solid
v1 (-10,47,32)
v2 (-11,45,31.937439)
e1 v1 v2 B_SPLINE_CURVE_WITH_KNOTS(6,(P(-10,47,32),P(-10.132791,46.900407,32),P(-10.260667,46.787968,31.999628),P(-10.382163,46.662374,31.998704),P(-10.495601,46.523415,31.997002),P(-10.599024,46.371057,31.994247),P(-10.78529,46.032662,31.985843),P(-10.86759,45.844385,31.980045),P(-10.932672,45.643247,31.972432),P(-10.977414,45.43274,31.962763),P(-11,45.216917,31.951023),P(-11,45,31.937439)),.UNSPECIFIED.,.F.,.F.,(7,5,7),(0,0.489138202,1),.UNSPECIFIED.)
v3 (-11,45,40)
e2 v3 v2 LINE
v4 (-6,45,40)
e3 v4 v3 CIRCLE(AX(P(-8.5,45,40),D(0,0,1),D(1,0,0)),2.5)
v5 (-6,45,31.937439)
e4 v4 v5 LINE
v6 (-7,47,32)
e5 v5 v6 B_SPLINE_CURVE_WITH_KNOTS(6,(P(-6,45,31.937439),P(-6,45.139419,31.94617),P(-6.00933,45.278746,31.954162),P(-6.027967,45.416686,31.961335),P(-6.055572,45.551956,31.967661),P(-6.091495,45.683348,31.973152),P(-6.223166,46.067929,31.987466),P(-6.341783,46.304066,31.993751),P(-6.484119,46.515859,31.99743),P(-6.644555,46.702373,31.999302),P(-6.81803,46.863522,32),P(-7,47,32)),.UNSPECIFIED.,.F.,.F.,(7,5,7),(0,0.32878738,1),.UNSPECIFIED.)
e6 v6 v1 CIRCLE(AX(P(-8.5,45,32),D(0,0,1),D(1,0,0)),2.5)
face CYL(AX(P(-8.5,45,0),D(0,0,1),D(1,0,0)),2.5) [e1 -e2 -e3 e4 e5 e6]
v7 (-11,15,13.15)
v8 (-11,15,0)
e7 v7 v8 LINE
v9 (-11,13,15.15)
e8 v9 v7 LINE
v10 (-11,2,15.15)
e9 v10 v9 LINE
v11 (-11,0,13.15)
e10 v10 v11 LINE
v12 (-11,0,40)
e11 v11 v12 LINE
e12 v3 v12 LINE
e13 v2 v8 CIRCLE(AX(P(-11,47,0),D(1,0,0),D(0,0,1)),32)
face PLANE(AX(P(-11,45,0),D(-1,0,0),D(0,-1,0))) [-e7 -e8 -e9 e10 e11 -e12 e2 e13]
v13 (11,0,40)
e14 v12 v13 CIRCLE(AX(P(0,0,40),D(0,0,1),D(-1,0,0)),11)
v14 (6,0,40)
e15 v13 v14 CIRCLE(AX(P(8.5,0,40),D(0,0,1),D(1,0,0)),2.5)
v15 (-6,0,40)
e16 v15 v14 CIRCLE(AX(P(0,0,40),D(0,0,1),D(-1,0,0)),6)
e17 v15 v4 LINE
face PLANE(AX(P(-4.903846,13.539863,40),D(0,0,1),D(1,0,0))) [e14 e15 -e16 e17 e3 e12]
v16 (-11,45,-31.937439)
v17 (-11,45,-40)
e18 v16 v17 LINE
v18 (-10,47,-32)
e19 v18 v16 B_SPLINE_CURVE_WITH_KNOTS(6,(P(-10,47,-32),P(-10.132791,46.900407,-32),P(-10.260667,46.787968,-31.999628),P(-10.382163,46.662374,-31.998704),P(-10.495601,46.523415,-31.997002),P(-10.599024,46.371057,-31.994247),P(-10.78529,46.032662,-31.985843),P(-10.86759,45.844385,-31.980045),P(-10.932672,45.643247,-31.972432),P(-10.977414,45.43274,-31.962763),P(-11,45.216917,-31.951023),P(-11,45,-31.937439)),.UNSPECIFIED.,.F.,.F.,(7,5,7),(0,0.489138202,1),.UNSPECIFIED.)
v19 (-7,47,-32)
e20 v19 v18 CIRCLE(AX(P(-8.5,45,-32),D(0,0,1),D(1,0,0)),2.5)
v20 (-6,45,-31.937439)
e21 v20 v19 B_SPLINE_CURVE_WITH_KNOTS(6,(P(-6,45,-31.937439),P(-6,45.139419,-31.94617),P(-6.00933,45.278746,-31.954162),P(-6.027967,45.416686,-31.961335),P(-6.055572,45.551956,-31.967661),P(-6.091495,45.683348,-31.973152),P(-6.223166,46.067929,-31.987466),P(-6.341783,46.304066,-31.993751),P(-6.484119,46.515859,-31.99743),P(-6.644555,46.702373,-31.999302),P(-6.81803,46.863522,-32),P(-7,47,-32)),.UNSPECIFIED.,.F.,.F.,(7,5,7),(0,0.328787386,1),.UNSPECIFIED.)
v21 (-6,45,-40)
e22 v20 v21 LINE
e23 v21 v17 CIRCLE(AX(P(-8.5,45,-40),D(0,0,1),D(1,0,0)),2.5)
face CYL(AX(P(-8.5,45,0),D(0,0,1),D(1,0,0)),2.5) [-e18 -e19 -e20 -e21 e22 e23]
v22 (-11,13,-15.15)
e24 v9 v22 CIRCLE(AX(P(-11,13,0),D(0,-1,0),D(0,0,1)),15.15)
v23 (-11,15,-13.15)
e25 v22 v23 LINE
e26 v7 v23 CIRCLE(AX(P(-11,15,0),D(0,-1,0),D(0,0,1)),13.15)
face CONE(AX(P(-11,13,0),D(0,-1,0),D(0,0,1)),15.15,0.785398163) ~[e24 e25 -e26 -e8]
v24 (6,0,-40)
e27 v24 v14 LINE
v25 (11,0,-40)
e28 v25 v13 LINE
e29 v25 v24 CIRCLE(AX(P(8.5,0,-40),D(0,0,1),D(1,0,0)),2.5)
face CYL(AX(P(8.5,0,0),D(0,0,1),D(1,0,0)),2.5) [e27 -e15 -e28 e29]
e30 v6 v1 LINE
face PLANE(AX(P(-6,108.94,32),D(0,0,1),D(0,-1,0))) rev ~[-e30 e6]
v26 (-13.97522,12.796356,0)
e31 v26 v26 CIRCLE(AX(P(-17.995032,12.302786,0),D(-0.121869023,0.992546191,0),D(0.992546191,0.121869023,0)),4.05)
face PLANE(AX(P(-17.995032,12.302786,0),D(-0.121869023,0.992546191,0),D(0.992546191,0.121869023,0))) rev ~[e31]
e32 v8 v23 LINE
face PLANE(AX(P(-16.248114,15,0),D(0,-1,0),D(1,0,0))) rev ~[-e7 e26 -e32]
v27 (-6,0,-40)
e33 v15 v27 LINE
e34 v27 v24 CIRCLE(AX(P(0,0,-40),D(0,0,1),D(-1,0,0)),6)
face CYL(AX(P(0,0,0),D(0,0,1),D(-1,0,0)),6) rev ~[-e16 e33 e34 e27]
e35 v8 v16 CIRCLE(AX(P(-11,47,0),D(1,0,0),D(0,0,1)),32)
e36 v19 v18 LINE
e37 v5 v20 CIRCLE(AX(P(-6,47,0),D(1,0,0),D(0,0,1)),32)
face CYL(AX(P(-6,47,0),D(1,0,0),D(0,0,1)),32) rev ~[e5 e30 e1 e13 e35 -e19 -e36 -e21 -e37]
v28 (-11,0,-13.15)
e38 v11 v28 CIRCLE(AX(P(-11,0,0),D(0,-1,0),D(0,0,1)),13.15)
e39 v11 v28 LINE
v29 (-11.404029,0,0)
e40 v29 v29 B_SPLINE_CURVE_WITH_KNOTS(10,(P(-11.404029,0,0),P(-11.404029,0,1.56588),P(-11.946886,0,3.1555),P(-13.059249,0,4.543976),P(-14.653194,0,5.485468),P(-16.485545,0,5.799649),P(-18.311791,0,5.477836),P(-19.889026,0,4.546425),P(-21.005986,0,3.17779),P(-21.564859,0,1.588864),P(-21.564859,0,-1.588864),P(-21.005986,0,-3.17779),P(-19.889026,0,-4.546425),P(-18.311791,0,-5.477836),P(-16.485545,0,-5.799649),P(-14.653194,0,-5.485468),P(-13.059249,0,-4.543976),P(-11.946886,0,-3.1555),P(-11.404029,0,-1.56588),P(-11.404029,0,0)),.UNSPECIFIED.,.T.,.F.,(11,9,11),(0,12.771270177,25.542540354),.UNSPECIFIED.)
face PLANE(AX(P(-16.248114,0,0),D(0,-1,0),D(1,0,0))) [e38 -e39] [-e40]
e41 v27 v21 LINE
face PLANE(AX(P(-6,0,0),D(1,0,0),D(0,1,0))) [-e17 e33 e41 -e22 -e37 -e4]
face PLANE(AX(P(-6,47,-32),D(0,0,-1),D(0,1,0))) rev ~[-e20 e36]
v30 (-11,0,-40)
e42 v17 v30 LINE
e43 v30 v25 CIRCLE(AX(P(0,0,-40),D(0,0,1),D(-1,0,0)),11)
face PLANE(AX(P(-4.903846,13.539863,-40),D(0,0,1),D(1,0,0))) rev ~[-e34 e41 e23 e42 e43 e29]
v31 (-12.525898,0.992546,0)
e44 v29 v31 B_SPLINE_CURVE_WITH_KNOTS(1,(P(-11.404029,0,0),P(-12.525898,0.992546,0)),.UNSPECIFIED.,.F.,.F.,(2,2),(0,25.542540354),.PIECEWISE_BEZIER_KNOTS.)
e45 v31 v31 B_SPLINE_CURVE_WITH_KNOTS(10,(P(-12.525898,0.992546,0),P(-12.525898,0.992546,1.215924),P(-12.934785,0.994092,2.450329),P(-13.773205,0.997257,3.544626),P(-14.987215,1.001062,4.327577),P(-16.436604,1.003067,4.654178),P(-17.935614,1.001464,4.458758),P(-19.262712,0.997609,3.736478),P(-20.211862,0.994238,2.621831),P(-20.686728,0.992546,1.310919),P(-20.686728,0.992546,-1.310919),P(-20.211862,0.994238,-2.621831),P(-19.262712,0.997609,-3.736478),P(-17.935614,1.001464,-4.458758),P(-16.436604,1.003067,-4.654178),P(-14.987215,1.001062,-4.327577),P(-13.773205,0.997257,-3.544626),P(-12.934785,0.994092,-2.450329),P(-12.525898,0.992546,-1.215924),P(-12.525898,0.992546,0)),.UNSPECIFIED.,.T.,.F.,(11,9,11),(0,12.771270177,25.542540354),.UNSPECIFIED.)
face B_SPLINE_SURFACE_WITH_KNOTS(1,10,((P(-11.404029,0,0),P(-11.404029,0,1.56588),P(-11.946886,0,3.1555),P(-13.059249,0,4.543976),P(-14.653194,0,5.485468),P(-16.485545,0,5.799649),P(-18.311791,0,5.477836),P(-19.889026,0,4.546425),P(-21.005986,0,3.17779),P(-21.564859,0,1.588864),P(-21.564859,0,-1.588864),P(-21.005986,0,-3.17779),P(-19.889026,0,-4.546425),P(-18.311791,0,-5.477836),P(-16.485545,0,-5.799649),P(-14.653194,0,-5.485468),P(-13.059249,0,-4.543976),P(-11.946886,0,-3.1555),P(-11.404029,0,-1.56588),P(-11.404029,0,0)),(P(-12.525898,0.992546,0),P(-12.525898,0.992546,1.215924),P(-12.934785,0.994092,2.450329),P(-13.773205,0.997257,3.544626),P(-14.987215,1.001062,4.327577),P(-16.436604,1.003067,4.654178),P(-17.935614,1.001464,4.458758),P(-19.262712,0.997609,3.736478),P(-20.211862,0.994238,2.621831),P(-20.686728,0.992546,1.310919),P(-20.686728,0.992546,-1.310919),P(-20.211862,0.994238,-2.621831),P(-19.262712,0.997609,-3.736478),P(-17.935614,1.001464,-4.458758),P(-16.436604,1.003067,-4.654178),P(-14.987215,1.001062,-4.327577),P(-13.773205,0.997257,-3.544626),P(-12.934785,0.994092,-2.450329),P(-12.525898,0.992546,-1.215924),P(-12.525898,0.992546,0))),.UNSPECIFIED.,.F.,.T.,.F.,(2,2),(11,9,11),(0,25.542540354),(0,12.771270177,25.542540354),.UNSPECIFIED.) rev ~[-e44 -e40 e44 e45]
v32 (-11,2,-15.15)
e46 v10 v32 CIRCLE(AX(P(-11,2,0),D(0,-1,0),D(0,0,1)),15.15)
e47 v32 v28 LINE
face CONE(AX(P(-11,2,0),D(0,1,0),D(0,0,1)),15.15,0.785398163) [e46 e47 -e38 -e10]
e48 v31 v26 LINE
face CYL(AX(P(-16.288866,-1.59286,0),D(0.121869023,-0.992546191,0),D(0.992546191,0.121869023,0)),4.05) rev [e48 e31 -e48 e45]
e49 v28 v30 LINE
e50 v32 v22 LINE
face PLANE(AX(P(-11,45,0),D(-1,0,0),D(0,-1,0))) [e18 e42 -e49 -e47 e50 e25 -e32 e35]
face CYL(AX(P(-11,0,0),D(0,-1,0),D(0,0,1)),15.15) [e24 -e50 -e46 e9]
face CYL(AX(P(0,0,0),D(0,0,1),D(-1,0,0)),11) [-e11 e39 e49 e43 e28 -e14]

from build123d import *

# Parameters (mm, degrees)
PAD_DEPTH       = 40
PAD001_DEPTH    = 15
POCKET_DEPTH    = 20.151
SKETCH003_R     = 4.05
POCKET001_DEPTH = 14
CHAMFER_SIZE    = 2
CHAMFER001_SIZE = 2
CHAMFER002_SIZE = 1


with BuildPart() as part:
    # Sketch → Pad (new body, symmetric)
    with BuildSketch(Plane.XY):
        with BuildLine():
            Line((-11, 45), (-11, 0))
            ThreePointArc((-11, 0), (0, -11), (11, 0))
            ThreePointArc((11, 0), (8.5, 2.5), (6, 0))
            ThreePointArc((-6, 0), (0, -6), (6, 0))
            Line((-6, 0), (-6, 45))
            ThreePointArc((-6, 45), (-8.5, 47.5), (-11, 45))
        make_face()
    extrude(amount=PAD_DEPTH, both=True)

    # Sketch001 → Pad001 (join)
    with BuildSketch(Plane.XZ):
        with BuildLine():
            ThreePointArc((-11, 15.15), (-26.15, 0), (-11, -15.15))
            Line((-11, 15.15), (-11, -15.15))
        make_face()
    extrude(amount=-PAD001_DEPTH)

    # Sketch002 (on Face1 of Pad001) → Pocket (cut, through all)
    with BuildSketch(Plane.YZ.offset(-6)):
        with BuildLine():
            Line((108.94, 32), (47, 32))
            ThreePointArc((47, 32), (15, 0), (47, -32))
            Line((47, -32), (108.94, -32))
            Line((108.94, -32), (108.94, 32))
        make_face()
    extrude(amount=-POCKET_DEPTH, mode=Mode.SUBTRACT)

    # Sketch003 (on DatumPlane) → Pocket001 (cut)
    with BuildSketch(Plane(origin=(-3.316026, 0, 0), x_dir=(0.992546, 0.121869, 0), z_dir=(-0.121869, 0.992546, 0))):
        with Locations((-13.070263, 0)):
            Circle(SKETCH003_R)
    extrude(amount=POCKET001_DEPTH, mode=Mode.SUBTRACT)

    # Chamfer
    chamfer_edges = [part.edges().sort_by_distance(p)[0] for p in [
        (-21.712668, 15, -10.712668),
    ]]
    chamfer(chamfer_edges, length=CHAMFER_SIZE)

    # Chamfer001
    chamfer001_edges = [part.edges().sort_by_distance(p)[0] for p in [
        (-26.15, 0, 0),
    ]]
    chamfer(chamfer001_edges, length=CHAMFER001_SIZE)

    # Chamfer002
    chamfer002_edges = [part.edges().sort_by_distance(p)[0] for p in [
        (-20.564859, 0, 0),
    ]]
    chamfer(chamfer002_edges, length=CHAMFER002_SIZE)


solid = part.part
